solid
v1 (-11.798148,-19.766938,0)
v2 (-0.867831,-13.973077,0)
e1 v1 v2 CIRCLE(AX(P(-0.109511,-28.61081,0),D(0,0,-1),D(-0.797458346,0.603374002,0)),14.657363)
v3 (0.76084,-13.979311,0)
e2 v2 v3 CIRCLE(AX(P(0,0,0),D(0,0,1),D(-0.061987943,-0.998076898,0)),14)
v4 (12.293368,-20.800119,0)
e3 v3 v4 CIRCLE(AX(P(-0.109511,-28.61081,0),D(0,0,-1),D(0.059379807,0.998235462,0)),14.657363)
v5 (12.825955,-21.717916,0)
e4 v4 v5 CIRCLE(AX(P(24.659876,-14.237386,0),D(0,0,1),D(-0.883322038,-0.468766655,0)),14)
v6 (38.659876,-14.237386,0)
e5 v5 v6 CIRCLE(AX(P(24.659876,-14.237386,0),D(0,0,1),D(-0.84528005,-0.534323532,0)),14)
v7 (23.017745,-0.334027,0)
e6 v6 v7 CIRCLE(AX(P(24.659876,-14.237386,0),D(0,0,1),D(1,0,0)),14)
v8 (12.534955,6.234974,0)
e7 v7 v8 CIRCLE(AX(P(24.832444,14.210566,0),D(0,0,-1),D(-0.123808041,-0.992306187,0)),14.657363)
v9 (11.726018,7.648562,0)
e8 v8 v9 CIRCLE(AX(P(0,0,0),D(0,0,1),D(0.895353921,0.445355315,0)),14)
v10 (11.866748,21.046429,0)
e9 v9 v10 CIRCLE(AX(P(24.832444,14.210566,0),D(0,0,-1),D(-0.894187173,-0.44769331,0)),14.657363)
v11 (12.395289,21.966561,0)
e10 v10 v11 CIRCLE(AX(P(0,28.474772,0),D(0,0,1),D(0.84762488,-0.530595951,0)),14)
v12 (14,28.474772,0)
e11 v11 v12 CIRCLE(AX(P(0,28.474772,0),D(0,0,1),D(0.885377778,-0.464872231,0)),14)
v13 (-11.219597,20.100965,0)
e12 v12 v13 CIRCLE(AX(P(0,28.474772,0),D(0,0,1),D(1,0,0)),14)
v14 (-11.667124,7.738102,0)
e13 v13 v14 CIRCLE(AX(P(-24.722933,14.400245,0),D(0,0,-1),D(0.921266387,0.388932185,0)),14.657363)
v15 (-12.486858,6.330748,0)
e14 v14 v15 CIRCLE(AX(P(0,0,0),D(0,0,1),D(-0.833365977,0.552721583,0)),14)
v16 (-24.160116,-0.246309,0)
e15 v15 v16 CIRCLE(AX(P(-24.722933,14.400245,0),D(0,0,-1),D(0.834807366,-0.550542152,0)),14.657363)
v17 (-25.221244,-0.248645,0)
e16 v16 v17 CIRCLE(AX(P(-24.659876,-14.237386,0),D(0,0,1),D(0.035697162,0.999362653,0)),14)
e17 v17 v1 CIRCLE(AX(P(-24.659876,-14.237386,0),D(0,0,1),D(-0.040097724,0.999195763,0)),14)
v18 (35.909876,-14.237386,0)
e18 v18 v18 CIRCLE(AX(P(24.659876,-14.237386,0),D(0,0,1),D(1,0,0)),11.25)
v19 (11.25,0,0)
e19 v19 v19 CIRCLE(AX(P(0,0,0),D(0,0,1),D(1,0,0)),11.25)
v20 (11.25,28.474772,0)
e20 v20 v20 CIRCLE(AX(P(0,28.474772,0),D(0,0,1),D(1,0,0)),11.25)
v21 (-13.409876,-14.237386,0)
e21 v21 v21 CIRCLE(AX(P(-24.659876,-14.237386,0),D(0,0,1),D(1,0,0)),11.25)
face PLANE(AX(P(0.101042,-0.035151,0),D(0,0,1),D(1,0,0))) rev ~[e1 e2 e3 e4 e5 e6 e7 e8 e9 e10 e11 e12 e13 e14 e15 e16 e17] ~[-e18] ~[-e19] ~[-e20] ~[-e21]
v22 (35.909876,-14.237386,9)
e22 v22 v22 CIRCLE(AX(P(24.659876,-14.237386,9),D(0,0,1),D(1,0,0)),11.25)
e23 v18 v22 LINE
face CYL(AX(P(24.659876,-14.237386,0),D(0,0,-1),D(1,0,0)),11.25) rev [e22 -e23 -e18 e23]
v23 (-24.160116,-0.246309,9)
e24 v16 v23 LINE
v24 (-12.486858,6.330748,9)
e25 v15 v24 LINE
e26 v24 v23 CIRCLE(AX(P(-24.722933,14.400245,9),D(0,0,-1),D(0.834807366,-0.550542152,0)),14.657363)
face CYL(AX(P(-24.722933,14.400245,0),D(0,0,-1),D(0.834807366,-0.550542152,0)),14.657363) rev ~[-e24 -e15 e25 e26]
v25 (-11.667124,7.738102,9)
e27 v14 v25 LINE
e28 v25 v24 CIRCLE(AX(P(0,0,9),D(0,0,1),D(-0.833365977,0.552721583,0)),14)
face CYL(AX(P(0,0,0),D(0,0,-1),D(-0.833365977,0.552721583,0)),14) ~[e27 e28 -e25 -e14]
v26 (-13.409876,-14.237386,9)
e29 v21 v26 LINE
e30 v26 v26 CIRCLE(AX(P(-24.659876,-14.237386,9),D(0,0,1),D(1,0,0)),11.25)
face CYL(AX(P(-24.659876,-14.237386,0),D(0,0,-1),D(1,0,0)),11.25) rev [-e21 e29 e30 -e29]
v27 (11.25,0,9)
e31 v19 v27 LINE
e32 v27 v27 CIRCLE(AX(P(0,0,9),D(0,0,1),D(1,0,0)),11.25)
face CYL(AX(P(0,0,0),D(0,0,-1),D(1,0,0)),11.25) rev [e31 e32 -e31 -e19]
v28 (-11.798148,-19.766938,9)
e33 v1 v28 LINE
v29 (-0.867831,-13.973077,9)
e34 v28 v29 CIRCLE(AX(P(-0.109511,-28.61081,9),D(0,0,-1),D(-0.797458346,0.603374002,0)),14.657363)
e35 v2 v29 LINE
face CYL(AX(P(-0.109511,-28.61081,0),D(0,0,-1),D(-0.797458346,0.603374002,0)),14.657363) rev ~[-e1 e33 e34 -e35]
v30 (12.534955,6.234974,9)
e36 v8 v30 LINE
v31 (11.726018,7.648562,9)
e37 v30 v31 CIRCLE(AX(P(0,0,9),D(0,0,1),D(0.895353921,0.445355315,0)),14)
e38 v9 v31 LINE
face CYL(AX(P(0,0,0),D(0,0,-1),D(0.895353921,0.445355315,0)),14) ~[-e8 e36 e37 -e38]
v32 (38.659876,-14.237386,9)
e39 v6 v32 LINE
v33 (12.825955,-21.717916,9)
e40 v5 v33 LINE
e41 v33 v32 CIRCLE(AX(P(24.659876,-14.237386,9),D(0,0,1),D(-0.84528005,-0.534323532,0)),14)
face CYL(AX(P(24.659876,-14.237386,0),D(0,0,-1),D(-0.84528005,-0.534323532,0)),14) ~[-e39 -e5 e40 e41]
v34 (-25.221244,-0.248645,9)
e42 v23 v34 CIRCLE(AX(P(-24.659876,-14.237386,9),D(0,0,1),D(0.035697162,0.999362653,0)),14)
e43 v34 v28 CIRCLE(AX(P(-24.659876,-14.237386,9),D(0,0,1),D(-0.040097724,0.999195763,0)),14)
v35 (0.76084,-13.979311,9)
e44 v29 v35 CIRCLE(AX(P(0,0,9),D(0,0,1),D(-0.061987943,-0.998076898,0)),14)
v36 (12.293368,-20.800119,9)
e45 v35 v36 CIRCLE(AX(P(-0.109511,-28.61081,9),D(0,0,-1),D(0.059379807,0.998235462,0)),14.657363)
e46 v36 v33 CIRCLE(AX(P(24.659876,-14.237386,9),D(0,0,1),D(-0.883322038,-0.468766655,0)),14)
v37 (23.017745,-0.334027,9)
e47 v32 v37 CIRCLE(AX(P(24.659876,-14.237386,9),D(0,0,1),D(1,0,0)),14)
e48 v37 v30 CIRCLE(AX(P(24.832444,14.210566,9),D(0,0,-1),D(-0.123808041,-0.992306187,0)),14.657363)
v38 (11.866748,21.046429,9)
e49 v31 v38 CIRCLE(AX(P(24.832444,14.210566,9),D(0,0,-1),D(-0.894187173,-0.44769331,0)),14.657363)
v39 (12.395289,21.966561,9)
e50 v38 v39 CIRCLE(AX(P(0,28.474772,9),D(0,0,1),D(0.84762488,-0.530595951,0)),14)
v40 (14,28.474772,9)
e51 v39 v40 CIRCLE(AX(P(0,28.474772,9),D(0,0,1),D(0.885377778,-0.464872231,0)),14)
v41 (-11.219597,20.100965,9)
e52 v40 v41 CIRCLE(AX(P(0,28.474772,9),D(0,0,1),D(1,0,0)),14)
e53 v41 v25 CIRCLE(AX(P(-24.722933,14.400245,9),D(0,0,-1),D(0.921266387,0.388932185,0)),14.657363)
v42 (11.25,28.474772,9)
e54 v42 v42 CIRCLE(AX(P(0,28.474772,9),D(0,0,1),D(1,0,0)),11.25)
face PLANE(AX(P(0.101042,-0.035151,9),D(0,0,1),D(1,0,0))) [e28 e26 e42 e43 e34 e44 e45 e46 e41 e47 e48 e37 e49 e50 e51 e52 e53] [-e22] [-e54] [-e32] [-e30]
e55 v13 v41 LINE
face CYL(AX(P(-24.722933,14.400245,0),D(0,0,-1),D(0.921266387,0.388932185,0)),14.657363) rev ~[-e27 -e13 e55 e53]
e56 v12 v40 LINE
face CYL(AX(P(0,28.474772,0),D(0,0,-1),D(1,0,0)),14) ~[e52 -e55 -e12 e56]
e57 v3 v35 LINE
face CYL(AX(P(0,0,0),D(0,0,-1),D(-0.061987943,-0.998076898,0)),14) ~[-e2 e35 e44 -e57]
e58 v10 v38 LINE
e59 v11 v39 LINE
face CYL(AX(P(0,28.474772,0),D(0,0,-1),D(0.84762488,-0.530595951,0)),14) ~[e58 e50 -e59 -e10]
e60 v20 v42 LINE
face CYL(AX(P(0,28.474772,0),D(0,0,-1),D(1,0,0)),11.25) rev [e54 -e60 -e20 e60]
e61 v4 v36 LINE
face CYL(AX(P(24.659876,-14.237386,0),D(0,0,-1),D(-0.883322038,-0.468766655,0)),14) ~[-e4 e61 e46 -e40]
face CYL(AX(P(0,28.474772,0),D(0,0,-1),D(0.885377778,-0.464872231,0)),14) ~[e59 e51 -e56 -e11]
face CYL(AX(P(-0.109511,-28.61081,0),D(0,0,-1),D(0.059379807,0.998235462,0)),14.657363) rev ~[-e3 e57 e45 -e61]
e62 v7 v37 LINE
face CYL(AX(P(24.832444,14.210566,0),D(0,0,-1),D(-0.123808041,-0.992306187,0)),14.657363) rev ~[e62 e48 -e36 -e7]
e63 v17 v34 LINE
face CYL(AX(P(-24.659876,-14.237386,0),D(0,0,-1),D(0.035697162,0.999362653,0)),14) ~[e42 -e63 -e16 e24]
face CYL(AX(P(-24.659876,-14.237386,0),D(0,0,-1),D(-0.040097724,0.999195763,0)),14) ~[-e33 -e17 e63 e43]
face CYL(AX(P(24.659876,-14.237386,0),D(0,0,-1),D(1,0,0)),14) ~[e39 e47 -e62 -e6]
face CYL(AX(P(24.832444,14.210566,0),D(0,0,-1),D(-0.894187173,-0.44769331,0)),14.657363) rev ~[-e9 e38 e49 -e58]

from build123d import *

# Parameters (mm, degrees)
F0_R     = 11.25
F1_DEPTH = 9


with BuildPart() as f1:
    # F0 (on Top) → F1 (new body)
    with BuildSketch(Plane.XY):
        with BuildLine():
            ThreePointArc((0.7608400883, -13.9793105109), (10.1649338718, -9.6267398107), (14, 0))
            ThreePointArc((14, 0), (13.6288181517, 3.2023921975), (12.5349548876, 6.2349744158))
            ThreePointArc((12.5349548876, 6.2349744158), (12.110837047, 6.930523737), (11.7260179857, 7.6485621001))
            ThreePointArc((11.7260179857, 7.6485621001), (0.0535862893, 13.9998974464), (-11.6671236798, 7.73810216))
            ThreePointArc((-11.6671236798, 7.73810216), (-12.0574281413, 7.0230306753), (-12.486858074, 6.3307484108))
            ThreePointArc((-12.486858074, 6.3307484108), (-12.1510599836, -6.9535416354), (-0.8678312078, -13.9730765759))
            ThreePointArc((-0.8678312078, -13.9730765759), (-0.0534089057, -13.9535544123), (0.7608400883, -13.9793105109))
        make_face()
        Circle(F0_R, mode=Mode.SUBTRACT)
        with BuildLine():
            ThreePointArc((12.5349548876, 6.2349744158), (13.6288181517, 3.2023921975), (14, 0))
            ThreePointArc((14, 0), (10.1649338718, -9.6267398107), (0.7608400883, -13.9793105109))
            ThreePointArc((0.7608400883, -13.9793105109), (7.352091686, -15.9948371419), (12.2933676324, -20.8001193652))
            ThreePointArc((12.2933676324, -20.8001193652), (12.2592417259, -7.7393660933), (23.0177448502, -0.3340267271))
            ThreePointArc((23.0177448502, -0.3340267271), (17.0493592663, 1.7903446823), (12.5349548876, 6.2349744158))
        make_face()
        with BuildLine():
            ThreePointArc((11.7260179857, 7.6485621001), (12.110837047, 6.930523737), (12.5349548876, 6.2349744158))
            ThreePointArc((12.5349548876, 6.2349744158), (12.1510599836, 6.9535416354), (11.7260179857, 7.6485621001))
        make_face()
        with BuildLine():
            ThreePointArc((-0.8678312078, -13.9730765759), (-0.0535862893, -13.9998974464), (0.7608400883, -13.9793105109))
            ThreePointArc((0.7608400883, -13.9793105109), (-0.0534089057, -13.9535544123), (-0.8678312078, -13.9730765759))
        make_face()
        with BuildLine():
            ThreePointArc((-11.6671236798, 7.73810216), (0.0535862893, 13.9998974464), (11.7260179857, 7.6485621001))
            ThreePointArc((11.7260179857, 7.6485621001), (10.1758894553, 14.3645171298), (11.8667483176, 21.0464290365))
            ThreePointArc((11.8667483176, 21.0464290365), (0.5728671472, 14.4864978581), (-11.2195968121, 20.1009651281))
            ThreePointArc((-11.2195967939, 20.1009651416), (-10.0751636095, 13.8700059017), (-11.6671236798, 7.73810216))
        make_face()
        with BuildLine():
            ThreePointArc((38.6598761714, -14.2373862032), (33.9606869292, -3.7734042055), (23.0177448502, -0.3340267271))
            ThreePointArc((23.0177448502, -0.3340267271), (12.2592417259, -7.7393660933), (12.2933676324, -20.8001193652))
            ThreePointArc((12.2933676324, -20.8001193652), (12.5679698707, -21.254196273), (12.8259555181, -21.7179156204))
            ThreePointArc((12.8259554695, -21.7179156511), (28.5537887393, -27.6849675811), (38.6598761714, -14.2373862032))
        make_face()
        with Locations((24.6598761714, -14.2373862032)):
            Circle(F0_R, mode=Mode.SUBTRACT)
        with BuildLine():
            ThreePointArc((-11.7981480563, -19.7669384146), (-6.9741956568, -15.660350584), (-0.8678312078, -13.9730765759))
            ThreePointArc((-0.8678312078, -13.9730765759), (-12.1510599836, -6.9535416354), (-12.486858074, 6.3307484108))
            ThreePointArc((-12.486858074, 6.3307484108), (-17.5279813167, 1.6303202988), (-24.1601159998, -0.246309001))
            ThreePointArc((-24.1601159998, -0.246309001), (-14.5852387143, -4.5161887863), (-10.659876271, -14.2373861458))
            ThreePointArc((-10.659876271, -14.2373861458), (-10.9473966527, -17.0601335163), (-11.7981480879, -19.766938401))
        make_face()
        with BuildLine():
            ThreePointArc((12.8259555181, -21.7179156204), (12.5679698707, -21.254196273), (12.2933676324, -20.8001193652))
            ThreePointArc((12.2933676324, -20.8001193652), (12.550962869, -21.2640652647), (12.8259554695, -21.7179156511))
        make_face()
        with BuildLine():
            ThreePointArc((-12.486858074, 6.3307484108), (-12.0574281413, 7.0230306753), (-11.6671236798, 7.73810216))
            ThreePointArc((-11.6671236798, 7.73810216), (-12.0974736943, 7.046355811), (-12.486858074, 6.3307484108))
        make_face()
        with BuildLine():
            ThreePointArc((12.3952888855, 21.9665611167), (12.1226891672, 21.5112796549), (11.8667483176, 21.0464290365))
            ThreePointArc((11.8667483176, 21.0464290365), (12.1397394153, 21.5014856829), (12.3952888855, 21.9665611167))
        make_face()
        with BuildLine():
            ThreePointArc((-11.2195968121, 20.1009651281), (0.5728671472, 14.4864978581), (11.8667483176, 21.0464290365))
            ThreePointArc((11.8667483176, 21.0464290365), (12.1226891672, 21.5112796549), (12.3952888855, 21.9665611167))
            ThreePointArc((12.3952888855, 21.9665611167), (13.5929033763, 25.1232088629), (14, 28.474772349))
            ThreePointArc((14, 28.474772349), (-4.4116688809, 41.7615017315), (-11.2195968121, 20.1009651281))
        make_face()
        with Locations((0, 28.474772349)):
            Circle(F0_R, mode=Mode.SUBTRACT)
        with BuildLine():
            ThreePointArc((-25.2212444048, -0.2486454655), (-36.1952849813, -22.1705031804), (-11.7981480879, -19.766938401))
            ThreePointArc((-11.7981480879, -19.766938401), (-10.9473966527, -17.0601335163), (-10.659876271, -14.2373861458))
            ThreePointArc((-10.659876271, -14.2373861458), (-14.5852387143, -4.5161887863), (-24.1601159998, -0.246309001))
            ThreePointArc((-24.1601159998, -0.246309001), (-24.6906590507, -0.257083046), (-25.2212444036, -0.2486454962))
        make_face()
        with Locations((-24.659876271, -14.2373861458)):
            Circle(F0_R, mode=Mode.SUBTRACT)
        with BuildLine():
            ThreePointArc((-25.2212444036, -0.2486454962), (-24.6906590507, -0.257083046), (-24.1601159998, -0.246309001))
            ThreePointArc((-24.1601159998, -0.246309001), (-24.6907023468, -0.2374200832), (-25.2212444048, -0.2486454655))
        make_face()
    extrude(amount=F1_DEPTH)


solid = f1.part
